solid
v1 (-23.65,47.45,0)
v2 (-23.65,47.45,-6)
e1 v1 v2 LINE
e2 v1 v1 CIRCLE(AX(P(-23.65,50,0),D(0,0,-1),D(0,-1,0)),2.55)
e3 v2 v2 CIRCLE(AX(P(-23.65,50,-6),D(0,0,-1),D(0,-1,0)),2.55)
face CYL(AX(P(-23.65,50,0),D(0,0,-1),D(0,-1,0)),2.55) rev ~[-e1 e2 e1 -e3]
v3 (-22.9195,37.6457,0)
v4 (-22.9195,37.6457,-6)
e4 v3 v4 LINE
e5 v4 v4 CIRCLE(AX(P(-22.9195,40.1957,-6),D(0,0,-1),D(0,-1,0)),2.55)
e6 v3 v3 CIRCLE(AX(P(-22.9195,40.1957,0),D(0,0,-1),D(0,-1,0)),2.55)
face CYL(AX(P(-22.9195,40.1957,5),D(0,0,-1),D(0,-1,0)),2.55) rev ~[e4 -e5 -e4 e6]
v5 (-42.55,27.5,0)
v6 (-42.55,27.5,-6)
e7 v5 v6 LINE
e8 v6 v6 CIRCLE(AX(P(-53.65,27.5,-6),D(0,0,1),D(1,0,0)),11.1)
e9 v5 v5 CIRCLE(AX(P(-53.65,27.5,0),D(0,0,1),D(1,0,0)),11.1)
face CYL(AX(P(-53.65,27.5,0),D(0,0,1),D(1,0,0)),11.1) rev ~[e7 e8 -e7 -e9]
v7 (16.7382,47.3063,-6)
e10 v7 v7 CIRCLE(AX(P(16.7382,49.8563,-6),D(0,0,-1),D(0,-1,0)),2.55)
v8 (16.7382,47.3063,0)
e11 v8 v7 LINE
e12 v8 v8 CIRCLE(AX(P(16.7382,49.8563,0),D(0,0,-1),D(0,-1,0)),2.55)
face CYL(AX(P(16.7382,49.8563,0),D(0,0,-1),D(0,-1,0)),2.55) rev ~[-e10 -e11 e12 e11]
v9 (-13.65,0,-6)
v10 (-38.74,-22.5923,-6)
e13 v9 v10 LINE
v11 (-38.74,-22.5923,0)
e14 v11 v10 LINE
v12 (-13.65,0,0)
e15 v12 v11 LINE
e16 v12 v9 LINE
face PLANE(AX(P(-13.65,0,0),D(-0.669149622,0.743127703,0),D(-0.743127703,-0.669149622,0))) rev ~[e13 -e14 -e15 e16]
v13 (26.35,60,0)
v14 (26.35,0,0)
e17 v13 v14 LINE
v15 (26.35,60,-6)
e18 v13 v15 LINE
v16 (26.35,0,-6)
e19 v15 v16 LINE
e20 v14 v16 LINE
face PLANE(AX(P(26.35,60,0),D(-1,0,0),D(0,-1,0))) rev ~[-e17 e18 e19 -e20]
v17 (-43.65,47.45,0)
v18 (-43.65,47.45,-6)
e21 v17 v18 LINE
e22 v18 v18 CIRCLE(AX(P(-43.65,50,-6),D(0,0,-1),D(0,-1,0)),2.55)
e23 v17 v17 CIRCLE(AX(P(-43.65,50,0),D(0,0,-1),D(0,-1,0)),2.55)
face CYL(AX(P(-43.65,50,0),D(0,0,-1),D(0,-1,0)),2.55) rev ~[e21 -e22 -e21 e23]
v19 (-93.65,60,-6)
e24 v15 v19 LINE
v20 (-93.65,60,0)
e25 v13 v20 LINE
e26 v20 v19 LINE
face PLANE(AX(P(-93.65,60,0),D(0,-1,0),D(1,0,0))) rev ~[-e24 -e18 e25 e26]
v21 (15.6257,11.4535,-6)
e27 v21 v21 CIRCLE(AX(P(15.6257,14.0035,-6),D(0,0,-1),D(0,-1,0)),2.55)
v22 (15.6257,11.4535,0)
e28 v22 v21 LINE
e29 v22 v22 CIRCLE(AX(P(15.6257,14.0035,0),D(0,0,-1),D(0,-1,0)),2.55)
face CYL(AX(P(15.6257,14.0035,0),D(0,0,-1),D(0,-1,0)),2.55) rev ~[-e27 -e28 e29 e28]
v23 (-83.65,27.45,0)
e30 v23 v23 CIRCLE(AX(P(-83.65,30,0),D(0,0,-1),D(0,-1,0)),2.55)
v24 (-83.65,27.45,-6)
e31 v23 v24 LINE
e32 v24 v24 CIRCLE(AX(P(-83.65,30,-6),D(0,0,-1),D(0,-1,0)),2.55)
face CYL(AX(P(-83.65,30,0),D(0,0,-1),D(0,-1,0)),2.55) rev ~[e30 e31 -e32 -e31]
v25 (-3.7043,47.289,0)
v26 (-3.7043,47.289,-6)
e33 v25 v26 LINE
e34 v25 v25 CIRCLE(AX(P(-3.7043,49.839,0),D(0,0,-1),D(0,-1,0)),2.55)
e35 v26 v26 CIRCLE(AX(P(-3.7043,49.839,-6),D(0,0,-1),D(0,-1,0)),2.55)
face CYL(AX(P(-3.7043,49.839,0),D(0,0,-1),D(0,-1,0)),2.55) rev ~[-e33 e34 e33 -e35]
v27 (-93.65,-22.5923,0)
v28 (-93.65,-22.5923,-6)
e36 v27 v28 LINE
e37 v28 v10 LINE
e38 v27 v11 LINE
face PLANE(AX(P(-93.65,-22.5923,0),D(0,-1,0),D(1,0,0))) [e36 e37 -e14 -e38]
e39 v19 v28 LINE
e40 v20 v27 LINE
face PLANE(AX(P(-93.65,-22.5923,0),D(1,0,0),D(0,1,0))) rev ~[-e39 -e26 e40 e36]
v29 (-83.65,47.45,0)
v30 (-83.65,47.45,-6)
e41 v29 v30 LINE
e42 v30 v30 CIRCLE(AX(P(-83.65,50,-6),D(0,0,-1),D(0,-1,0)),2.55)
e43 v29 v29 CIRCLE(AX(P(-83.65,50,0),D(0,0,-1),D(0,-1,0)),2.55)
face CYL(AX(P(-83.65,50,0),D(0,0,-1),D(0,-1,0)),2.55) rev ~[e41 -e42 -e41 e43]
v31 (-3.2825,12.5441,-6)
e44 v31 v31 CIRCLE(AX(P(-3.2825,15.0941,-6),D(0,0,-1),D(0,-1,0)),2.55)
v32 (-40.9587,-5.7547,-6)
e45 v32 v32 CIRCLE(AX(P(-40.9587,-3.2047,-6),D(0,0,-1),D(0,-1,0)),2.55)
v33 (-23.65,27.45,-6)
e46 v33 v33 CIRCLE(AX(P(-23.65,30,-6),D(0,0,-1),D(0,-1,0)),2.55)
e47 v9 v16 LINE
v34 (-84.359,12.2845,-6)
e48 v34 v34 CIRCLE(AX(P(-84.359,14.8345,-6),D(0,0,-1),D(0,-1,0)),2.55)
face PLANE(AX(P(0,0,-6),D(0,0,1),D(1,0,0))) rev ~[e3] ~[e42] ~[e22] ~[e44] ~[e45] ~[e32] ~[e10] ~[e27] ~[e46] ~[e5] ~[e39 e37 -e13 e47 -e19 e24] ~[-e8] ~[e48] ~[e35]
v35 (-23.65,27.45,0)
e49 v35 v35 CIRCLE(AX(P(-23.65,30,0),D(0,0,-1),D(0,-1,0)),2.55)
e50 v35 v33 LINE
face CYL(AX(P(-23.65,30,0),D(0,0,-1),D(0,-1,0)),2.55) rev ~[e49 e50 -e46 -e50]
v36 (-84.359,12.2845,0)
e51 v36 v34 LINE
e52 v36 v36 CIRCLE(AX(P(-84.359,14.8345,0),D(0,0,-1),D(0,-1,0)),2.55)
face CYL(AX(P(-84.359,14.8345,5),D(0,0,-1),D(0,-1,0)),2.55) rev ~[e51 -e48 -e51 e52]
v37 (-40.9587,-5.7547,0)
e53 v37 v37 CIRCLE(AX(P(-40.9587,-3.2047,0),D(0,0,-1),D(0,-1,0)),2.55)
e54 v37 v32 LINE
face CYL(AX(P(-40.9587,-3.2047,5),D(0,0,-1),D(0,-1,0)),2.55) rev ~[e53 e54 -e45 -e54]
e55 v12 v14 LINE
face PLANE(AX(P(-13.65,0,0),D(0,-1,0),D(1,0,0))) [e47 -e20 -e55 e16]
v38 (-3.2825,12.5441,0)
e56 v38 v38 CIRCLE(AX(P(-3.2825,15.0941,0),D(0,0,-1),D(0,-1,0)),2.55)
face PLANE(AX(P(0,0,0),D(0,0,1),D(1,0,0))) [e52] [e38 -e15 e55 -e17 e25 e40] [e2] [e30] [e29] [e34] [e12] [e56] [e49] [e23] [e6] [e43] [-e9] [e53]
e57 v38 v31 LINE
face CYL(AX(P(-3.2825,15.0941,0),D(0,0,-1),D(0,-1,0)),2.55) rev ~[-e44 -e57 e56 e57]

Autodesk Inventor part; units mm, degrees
ref_plane "YZ Plane" through (0, 0, 0) normal (1, 0, 0) x (0, 1, 0)
ref_plane "XZ Plane" through (0, 0, 0) normal (0, 1, 0) x (-1, 0, 0)
ref_plane "XY Plane" through (0, 0, 0) normal (0, 0, 1) x (1, 0, 0)
sketch "Sketch1" plane through (0, 0, 0) normal (0, 0, 1) x (1, 0, 0)
  circle A0 centre (-83.65, 30) radius 2.1 projected
  circle A1 centre (-23.65, 30) radius 2.1 projected
  circle A2 centre (-23.65, 50) radius 2.1 projected
  circle A3 centre (-83.65, 50) radius 2.1 projected
  line L0 (-3.55, 0) -> (-3.5497, 1000) projected
  line L1 (16.25, 0) -> (16.2503, 1000) projected
  line L2 (-93.65, 20.5) -> (-93.65, 25.1685) projected
  line L3 (-73.65, 25.1685) -> (-73.65, 20.5) projected
  line L4 (-78.75, 60) -> (-68.55, 60) projected
  line L5 (-88.55, 20) -> (-93.15, 20) projected
  line L6 (-93.65, 20) -> (-93.65, 60)
  line L7 (-93.65, 60) -> (26.35, 60)
  line L8 (26.35, 60) -> (26.35, 0)
  line L9 (26.35, 0) -> (-3.55, 0)
  line L10 (-93.65, -22.5923) -> (-93.65, 20)
  line L11 (-74.15, 20) -> (-78.75, 20) construction
  line L12 (-33.65, 20.5) -> (-33.65, 25.1685) projected
  line L13 (-53.65, -43.196) -> (-53.65, 110.7641) construction
  line L14 (-13.65, 0) -> (-38.74, -22.5923)
  circle A4 centre (-53.65, 27.5) radius 11.1
  circle A5 centre (-43.65, 50) radius 2.1 projected
  line L15 (-93.65, -22.5923) -> (-38.74, -22.5923)
  line L16 (-13.65, 0) -> (-3.55, 0)
  point P0 (0, 0)
  point P1 (-62.8644, -22.5923)
  point P2 (-93.65, -24.4136)
  point P3 (-3.55, 15)
  point P4 (-3.55, 50)
  point P5 (16.25, 50)
  point P6 (16.25, 15)
  dimension "d0" = 120
  dimension "d1" = 40
  dimension "d5" = 20
  dimension "d36" = 22.2
  dimension "d37" = 32.5
  dimension "d45" = 15
  dimension "d47" = 50
  dimension "d48" = 50
  dimension "d79" = 15
extrude "Extrusion2" add sketch "Sketch1" against normal blind 6 contours A0 | A1 | A2 | A3 | L16 L14 L15 L10 L6 L2 L7 L4 L0 | L0 L7 L1 L9 | L1 L7 L8 L9 | A5
ref_plane "Work Plane1" through (0, 0, 5) normal (0, 0, 1) x (1, 0, 0)
sketch "Sketch2" plane through (0, 0, 5) normal (0, 0, 1) x (1, 0, 0)
  line L0 (-66.3198, 58.2348) -> (-84.359, 14.8345) construction
  line L1 (-84.359, 14.8345) -> (-40.9587, -3.2047) construction
  line L2 (-40.9587, -3.2047) -> (-22.9195, 40.1957) construction
  line L3 (-22.9195, 40.1957) -> (-66.3198, 58.2348) construction
  line L4 (-66.3198, 58.2348) -> (-40.9587, -3.2047) construction
  line L5 (-84.359, 14.8345) -> (-22.9195, 40.1957) construction
  circle A0 centre (-22.9195, 40.1957) radius 4.6 construction
  circle A1 centre (-84.359, 14.8345) radius 4.6 construction
  point P0 (0, 0)
  point P1 (-53.6392, 27.5151)
  dimension "d41" = 47
  dimension "d42" = 47
  dimension "d43" = 9.2
  dimension "d44" = 9.2
hole "Hole2" at (-84.359, 14.8345, 5) at (-22.9195, 40.1957, 5) at (-40.9587, -3.2047, 5) direction (0, 0, -1) diameter 5.1 end through all
hole "Hole3" at (-53.65, 27.5, 0) at (-43.65, 50, 0) at (-23.65, 50, 0) at (-23.65, 30, 0) at (-83.65, 50, 0) at (-83.65, 30, 0) direction (0, 0, -1) diameter 5.1 end through all
sketch "Sketch3" plane through (0, 0, 0) normal (0, 0, 1) x (1, 0, 0)
  point P0 (0, 0)
  point P1 (-3.2825, 15.0941)
  point P2 (-3.7043, 49.839)
  point P3 (16.7382, 49.8563)
  point P4 (15.6257, 14.0035)
hole "Hole4" at (-3.2825, 15.0941, 0) at (-3.7043, 49.839, 0) at (16.7382, 49.8563, 0) at (15.6257, 14.0035, 0) direction (0, 0, -1) diameter 5.1 end through all
properties part number "Y axis motor mount new_3DPrint"
